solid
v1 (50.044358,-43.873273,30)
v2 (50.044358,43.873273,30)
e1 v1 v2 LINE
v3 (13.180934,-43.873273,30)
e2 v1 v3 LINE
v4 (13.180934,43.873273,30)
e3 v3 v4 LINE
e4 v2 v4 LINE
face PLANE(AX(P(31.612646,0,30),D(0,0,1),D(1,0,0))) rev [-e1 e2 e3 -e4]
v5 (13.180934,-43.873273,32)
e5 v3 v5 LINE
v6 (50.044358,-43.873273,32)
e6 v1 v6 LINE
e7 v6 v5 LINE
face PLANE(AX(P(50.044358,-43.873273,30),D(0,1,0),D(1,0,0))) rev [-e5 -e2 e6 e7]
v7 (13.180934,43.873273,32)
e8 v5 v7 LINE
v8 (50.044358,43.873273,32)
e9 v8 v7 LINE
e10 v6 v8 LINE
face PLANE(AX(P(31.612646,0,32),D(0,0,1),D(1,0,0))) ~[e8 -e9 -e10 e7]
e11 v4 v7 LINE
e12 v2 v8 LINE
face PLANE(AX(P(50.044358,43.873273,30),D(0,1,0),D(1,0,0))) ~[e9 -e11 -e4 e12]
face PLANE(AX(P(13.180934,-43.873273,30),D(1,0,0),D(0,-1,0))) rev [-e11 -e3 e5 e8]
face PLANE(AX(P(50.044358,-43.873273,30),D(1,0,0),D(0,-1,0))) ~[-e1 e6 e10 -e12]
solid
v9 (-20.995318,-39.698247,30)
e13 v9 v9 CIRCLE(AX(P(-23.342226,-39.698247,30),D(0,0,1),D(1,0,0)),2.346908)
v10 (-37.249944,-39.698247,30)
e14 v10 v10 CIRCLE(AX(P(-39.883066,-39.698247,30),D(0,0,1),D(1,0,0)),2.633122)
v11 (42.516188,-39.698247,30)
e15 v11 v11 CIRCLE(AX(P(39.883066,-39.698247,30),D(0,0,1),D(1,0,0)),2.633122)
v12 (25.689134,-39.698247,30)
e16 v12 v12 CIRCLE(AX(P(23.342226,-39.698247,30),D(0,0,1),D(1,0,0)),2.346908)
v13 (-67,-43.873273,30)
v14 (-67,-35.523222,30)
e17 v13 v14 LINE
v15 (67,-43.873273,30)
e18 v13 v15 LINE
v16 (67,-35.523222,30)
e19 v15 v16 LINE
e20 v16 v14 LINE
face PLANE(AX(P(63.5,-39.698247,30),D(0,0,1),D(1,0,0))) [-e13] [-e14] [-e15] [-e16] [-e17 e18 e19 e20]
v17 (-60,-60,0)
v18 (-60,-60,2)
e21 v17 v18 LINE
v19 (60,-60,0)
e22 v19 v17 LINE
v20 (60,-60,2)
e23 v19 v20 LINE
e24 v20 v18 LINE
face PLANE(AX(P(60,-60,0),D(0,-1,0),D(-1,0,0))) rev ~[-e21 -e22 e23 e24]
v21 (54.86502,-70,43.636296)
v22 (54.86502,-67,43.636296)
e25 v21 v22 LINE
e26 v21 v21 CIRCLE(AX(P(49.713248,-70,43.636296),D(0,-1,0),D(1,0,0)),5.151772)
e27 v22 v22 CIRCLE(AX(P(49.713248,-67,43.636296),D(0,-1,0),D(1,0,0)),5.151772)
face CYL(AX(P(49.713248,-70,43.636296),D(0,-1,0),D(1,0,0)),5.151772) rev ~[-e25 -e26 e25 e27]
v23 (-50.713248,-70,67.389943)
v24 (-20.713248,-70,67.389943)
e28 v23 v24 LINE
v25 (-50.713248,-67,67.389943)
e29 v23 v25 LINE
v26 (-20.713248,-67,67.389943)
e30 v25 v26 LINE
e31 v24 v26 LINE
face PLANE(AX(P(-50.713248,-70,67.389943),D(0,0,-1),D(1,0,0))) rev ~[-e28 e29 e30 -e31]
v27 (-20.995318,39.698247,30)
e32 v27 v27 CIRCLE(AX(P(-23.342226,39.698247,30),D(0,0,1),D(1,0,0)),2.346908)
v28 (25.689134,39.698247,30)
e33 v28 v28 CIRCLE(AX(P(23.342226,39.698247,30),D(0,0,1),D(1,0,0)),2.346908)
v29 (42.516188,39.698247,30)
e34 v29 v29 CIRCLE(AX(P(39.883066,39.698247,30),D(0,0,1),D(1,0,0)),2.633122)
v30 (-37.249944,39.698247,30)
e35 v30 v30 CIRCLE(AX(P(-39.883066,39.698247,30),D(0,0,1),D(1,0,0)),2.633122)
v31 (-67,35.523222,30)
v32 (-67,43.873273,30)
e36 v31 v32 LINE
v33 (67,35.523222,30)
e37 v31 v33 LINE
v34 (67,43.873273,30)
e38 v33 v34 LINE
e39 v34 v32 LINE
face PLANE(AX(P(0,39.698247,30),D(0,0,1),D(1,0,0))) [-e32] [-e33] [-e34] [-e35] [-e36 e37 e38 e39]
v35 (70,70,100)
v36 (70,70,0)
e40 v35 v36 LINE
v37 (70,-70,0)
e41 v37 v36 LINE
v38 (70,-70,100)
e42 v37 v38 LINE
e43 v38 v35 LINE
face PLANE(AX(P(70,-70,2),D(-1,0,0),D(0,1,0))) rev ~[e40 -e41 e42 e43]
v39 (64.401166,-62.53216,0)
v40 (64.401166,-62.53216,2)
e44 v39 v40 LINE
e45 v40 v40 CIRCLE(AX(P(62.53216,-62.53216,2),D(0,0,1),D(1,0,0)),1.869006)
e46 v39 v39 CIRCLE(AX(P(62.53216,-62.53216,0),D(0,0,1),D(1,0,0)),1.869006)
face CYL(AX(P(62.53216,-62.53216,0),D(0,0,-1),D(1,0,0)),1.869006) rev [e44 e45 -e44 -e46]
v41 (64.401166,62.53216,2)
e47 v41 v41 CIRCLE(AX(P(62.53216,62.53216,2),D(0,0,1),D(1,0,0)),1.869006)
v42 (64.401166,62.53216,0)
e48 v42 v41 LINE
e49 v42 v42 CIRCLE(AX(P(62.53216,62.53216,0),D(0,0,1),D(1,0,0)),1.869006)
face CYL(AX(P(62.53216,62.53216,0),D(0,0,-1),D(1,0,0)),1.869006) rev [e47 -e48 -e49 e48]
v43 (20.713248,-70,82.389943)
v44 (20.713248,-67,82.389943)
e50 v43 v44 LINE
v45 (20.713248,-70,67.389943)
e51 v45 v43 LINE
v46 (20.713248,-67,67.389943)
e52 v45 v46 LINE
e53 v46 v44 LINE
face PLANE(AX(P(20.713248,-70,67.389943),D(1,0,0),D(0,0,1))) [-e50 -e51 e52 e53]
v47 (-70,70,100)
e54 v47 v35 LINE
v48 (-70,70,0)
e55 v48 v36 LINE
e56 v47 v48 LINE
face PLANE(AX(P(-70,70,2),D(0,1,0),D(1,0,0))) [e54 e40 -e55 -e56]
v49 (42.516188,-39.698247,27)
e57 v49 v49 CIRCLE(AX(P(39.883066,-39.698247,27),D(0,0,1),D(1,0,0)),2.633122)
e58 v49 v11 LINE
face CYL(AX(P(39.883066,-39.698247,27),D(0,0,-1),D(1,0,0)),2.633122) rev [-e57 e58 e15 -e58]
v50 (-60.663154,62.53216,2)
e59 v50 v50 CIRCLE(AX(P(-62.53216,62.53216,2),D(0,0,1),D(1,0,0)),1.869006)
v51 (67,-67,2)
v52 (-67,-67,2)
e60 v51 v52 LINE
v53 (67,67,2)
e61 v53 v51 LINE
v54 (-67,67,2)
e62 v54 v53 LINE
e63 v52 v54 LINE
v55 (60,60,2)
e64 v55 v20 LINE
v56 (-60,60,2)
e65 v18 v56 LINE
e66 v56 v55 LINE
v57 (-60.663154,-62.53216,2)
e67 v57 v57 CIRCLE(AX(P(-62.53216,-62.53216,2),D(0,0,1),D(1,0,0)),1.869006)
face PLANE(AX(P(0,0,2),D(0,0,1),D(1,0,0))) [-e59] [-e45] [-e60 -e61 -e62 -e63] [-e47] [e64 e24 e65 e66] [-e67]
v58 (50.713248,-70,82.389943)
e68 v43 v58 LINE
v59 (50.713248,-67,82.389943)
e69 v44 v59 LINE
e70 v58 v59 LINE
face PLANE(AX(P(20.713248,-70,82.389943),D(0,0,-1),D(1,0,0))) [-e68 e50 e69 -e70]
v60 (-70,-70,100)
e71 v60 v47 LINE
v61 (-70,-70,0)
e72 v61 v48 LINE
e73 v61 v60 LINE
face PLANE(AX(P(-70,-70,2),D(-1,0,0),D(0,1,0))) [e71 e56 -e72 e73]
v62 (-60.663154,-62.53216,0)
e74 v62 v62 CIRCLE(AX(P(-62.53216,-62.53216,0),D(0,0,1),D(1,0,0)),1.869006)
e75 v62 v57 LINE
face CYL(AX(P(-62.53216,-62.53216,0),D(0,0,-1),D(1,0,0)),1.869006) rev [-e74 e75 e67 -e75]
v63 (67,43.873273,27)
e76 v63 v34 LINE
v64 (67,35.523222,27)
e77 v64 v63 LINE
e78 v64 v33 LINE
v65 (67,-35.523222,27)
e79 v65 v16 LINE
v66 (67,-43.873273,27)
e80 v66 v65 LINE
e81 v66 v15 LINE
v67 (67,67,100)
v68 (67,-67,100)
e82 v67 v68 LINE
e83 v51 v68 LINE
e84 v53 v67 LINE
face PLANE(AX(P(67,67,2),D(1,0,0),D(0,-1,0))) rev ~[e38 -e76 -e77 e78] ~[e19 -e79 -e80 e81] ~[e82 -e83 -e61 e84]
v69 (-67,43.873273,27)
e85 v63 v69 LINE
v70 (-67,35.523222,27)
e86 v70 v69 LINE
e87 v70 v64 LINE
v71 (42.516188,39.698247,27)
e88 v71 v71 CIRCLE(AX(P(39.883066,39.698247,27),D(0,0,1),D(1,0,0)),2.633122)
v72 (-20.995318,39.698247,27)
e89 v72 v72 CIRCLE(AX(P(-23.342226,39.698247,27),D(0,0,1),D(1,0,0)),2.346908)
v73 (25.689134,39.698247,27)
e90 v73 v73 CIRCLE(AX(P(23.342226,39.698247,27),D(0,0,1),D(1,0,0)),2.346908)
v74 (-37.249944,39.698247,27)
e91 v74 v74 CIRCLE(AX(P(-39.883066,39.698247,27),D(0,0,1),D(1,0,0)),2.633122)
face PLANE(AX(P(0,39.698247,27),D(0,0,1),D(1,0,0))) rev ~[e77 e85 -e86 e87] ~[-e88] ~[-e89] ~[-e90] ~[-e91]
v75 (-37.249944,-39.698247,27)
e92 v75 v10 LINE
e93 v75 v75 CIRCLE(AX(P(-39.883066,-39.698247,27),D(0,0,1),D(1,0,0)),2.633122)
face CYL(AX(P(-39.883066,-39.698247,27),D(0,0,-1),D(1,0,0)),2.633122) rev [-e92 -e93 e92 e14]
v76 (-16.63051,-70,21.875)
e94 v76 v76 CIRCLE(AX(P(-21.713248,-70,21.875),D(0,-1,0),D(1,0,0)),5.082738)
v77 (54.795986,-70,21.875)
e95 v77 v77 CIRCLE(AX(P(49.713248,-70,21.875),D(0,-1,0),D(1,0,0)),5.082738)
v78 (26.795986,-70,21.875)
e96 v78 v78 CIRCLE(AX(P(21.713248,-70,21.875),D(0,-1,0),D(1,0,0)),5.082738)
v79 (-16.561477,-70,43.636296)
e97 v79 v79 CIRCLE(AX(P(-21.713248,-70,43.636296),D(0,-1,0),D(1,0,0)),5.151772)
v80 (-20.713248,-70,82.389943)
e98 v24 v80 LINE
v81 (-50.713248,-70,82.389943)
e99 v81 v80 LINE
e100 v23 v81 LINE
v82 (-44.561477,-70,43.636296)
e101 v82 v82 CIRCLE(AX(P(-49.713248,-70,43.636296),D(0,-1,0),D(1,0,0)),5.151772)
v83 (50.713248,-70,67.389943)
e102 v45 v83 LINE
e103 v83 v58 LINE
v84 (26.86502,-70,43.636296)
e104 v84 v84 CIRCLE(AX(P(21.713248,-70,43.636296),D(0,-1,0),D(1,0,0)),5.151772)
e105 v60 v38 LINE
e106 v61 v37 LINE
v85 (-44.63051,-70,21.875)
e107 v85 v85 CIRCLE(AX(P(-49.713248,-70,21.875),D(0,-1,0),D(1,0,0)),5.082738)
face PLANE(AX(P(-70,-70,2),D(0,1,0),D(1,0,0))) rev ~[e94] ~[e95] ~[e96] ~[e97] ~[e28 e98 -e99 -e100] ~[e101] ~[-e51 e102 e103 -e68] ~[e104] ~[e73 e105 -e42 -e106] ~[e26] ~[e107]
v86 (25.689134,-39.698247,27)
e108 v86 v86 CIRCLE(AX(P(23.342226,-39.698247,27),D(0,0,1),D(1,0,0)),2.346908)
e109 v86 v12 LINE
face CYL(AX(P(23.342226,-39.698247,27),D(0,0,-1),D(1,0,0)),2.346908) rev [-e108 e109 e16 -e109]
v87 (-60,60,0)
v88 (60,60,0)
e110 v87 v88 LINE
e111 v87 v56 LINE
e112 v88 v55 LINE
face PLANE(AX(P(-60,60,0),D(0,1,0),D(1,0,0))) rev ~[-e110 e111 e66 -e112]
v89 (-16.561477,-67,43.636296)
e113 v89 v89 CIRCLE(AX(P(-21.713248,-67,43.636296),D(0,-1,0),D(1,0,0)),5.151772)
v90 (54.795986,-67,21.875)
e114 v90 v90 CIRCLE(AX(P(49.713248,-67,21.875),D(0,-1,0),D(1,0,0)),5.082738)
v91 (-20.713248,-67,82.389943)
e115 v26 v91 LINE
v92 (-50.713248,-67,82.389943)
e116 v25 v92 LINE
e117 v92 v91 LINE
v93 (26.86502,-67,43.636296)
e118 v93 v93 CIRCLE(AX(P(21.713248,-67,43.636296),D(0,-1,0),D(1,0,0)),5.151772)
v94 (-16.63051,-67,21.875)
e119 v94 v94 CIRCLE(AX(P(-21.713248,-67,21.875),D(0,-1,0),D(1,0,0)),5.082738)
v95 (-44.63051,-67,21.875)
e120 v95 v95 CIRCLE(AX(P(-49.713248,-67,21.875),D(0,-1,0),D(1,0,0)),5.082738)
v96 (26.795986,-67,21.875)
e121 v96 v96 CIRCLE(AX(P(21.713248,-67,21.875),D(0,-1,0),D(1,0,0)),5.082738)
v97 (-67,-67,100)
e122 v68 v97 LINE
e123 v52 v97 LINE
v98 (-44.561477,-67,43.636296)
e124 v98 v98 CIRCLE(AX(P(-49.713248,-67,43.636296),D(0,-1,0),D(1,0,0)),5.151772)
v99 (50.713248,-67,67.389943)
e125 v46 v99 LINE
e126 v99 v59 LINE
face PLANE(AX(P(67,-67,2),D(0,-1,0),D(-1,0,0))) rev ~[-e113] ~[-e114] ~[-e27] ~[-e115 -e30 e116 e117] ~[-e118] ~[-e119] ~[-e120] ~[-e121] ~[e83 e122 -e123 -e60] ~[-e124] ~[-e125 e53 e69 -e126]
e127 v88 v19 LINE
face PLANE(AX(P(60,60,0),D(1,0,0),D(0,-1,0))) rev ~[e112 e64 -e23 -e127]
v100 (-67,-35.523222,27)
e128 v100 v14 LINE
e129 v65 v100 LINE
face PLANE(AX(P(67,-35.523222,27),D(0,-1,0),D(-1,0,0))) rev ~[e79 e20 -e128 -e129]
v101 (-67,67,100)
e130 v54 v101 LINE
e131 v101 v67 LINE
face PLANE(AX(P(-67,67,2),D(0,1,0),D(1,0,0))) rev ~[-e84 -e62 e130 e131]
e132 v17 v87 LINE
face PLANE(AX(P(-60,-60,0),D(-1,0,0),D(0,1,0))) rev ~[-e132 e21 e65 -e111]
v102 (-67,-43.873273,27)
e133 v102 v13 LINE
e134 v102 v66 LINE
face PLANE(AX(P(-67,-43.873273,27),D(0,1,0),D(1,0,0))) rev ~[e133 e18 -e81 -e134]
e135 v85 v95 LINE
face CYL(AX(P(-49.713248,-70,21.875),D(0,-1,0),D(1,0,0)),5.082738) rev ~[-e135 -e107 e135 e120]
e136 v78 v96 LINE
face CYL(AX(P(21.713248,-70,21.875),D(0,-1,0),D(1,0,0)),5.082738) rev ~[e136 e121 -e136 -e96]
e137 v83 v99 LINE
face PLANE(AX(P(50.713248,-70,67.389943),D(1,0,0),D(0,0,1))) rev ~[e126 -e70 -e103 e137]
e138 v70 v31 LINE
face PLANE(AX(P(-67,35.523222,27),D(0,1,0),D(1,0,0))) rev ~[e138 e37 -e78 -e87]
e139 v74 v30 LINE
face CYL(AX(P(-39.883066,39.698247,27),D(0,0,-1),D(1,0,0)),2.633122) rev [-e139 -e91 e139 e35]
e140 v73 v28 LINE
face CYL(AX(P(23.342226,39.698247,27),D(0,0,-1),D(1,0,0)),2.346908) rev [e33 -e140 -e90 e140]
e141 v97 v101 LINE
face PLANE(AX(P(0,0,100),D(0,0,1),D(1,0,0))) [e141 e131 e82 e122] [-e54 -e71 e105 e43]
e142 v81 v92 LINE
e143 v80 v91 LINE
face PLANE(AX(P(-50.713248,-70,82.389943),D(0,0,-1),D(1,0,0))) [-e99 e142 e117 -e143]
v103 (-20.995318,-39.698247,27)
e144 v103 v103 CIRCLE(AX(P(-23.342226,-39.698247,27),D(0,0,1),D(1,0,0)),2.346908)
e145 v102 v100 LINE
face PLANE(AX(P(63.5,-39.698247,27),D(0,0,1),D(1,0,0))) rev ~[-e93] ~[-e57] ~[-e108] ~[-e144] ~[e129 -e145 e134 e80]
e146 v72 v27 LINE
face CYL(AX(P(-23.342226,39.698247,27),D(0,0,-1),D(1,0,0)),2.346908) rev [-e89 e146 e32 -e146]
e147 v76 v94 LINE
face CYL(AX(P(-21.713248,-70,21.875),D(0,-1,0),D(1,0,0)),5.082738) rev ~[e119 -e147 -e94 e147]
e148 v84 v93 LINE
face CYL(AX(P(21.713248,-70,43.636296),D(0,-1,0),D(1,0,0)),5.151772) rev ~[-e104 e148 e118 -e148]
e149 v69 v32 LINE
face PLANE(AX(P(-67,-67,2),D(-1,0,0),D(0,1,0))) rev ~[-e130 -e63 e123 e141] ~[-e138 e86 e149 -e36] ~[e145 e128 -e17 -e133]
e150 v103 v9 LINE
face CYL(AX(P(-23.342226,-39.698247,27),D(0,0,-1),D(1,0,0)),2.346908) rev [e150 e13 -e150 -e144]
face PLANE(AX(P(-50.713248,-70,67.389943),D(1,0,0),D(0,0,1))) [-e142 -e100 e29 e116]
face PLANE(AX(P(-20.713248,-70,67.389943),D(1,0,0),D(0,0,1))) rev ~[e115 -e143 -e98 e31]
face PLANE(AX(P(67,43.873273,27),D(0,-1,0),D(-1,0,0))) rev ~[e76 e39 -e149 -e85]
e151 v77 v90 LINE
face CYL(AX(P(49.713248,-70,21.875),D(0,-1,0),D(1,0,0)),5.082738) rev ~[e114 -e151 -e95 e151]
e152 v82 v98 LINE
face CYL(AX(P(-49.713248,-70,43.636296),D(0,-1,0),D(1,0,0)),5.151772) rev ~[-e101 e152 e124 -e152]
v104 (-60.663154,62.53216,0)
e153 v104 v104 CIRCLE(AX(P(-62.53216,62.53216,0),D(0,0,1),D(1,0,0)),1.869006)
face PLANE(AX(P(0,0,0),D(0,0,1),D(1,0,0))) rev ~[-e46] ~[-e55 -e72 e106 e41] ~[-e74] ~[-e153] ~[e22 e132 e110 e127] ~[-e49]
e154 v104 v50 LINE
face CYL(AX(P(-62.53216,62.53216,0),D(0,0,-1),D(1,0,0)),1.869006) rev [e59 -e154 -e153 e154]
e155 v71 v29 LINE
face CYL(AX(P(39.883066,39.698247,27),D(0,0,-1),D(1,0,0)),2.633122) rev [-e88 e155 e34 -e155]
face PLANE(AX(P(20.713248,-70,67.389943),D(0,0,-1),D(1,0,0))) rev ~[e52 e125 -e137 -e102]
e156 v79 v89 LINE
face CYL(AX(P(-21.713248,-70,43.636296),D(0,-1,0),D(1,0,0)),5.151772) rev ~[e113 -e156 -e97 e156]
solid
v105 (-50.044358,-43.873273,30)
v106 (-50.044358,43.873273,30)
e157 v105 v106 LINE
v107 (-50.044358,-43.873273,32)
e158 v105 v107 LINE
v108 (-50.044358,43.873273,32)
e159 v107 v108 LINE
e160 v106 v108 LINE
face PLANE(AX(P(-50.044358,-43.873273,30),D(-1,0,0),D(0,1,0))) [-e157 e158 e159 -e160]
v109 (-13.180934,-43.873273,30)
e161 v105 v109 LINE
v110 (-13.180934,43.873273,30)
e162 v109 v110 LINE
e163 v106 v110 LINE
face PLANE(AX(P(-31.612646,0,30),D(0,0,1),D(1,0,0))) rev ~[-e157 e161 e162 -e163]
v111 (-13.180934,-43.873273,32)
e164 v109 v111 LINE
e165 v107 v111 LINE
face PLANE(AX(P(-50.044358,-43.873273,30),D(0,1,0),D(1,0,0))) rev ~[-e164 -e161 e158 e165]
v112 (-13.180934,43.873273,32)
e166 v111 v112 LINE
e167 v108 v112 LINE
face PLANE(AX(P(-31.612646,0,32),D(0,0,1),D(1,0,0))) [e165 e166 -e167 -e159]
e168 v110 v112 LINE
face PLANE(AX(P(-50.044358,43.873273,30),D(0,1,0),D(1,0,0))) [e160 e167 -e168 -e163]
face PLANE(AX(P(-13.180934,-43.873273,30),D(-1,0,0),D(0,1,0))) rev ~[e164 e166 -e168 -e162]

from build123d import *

# Parameters (mm, degrees)
F0_W     = 140
F0_H     = 140
F0_R     = 1.8690060527
F0_W_2   = 7
F0_H_2   = 71.0464436561
F0_H_3   = 8.3500510082
F1_DEPTH = 2
F2_START = 2
F2_DEPTH = 98
F3_START = 27
F0_W_3   = 120
F0_R_2   = 2.6331216757
F0_R_3   = 2.3469079545
F3_DEPTH = 3
F4_W     = 30
F4_H     = 15
F4_R     = 5.151771656
F4_R_2   = 5.0827381366
F5_DEPTH = 3
F6_W     = 36.8634238839
F6_H     = 87.7465456724
F7_DEPTH = 2


with BuildPart() as f1:
    # F0 (on Top) → F1 (new body)
    with BuildSketch(Plane.XY):
        Rectangle(F0_W, F0_H)
        Polygon((67, 67), (67, 43.8732728362), (67, 35.523221828), (67, -35.523221828), (67, -43.8732728362), (67, -67), (-67, -67), (-67, -43.8732728362), (-67, -35.523221828), (-67, 35.523221828), (-67, 43.8732728362), (-67, 67), align=None, mode=Mode.SUBTRACT)
        Polygon((-60, 60), (60, 60), (60, 43.8732728362), (67, 43.8732728362), (67, 67), (-67, 67), (-67, 43.8732728362), (-60, 43.8732728362), align=None)
        with Locations((-62.5321604311, 62.5321604311)):
            Circle(F0_R, mode=Mode.SUBTRACT)
        with Locations((62.5321604311, 62.5321604311)):
            Circle(F0_R, mode=Mode.SUBTRACT)
        Polygon((67, -43.8732728362), (60, -43.8732728362), (60, -60), (-60, -60), (-60, -43.8732728362), (-67, -43.8732728362), (-67, -67), (67, -67), align=None)
        with Locations((-62.5321604311, -62.5321604311)):
            Circle(F0_R, mode=Mode.SUBTRACT)
        with Locations((62.5321604311, -62.5321604311)):
            Circle(F0_R, mode=Mode.SUBTRACT)
        with Locations((-63.5, 0)):
            Rectangle(F0_W_2, F0_H_2)
        with Locations((63.5, 0)):
            Rectangle(F0_W_2, F0_H_2)
        with Locations((-63.5, 39.6982473321)):
            Rectangle(F0_W_2, F0_H_3)
        with Locations((-63.5, -39.6982473321)):
            Rectangle(F0_W_2, F0_H_3)
        with Locations((63.5, -39.6982473321)):
            Rectangle(F0_W_2, F0_H_3)
        with Locations((63.5, 39.6982473321)):
            Rectangle(F0_W_2, F0_H_3)
    extrude(amount=F1_DEPTH)

    # F0 (on Top) → F2 (join)
    with BuildSketch(Plane.XY.offset(F2_START)):
        Rectangle(F0_W, F0_H)
        Polygon((67, 67), (67, 43.8732728362), (67, 35.523221828), (67, -35.523221828), (67, -43.8732728362), (67, -67), (-67, -67), (-67, -43.8732728362), (-67, -35.523221828), (-67, 35.523221828), (-67, 43.8732728362), (-67, 67), align=None, mode=Mode.SUBTRACT)
    extrude(amount=F2_DEPTH)

    # F0 (on Top) → F3 (join)
    with BuildSketch(Plane.XY.offset(F3_START)):
        with Locations((0, 39.6982473321)):
            Rectangle(F0_W_3, F0_H_3)
        with Locations((-39.8830659688, 39.6982473321)):
            Circle(F0_R_2, mode=Mode.SUBTRACT)
        with Locations((-23.3422257006, 39.6982473321)):
            Circle(F0_R_3, mode=Mode.SUBTRACT)
        with Locations((23.3422257006, 39.6982473321)):
            Circle(F0_R_3, mode=Mode.SUBTRACT)
        with Locations((39.8830659688, 39.6982473321)):
            Circle(F0_R_2, mode=Mode.SUBTRACT)
        with Locations((-63.5, 39.6982473321)):
            Rectangle(F0_W_2, F0_H_3)
        with Locations((63.5, 39.6982473321)):
            Rectangle(F0_W_2, F0_H_3)
        with Locations((63.5, -39.6982473321)):
            Rectangle(F0_W_2, F0_H_3)
        with Locations((0, -39.6982473321)):
            Rectangle(F0_W_3, F0_H_3)
        with Locations((-39.8830659688, -39.6982473321)):
            Circle(F0_R_2, mode=Mode.SUBTRACT)
        with Locations((-23.3422257006, -39.6982473321)):
            Circle(F0_R_3, mode=Mode.SUBTRACT)
        with Locations((23.3422257006, -39.6982473321)):
            Circle(F0_R_3, mode=Mode.SUBTRACT)
        with Locations((39.8830659688, -39.6982473321)):
            Circle(F0_R_2, mode=Mode.SUBTRACT)
        with Locations((-63.5, -39.6982473321)):
            Rectangle(F0_W_2, F0_H_3)
    extrude(amount=F3_DEPTH)

    # F4 (on face) → F5 (cut, through all)
    with BuildSketch(Plane.XZ.offset(70)):
        with Locations((-35.7132482901, 74.8899433017)):
            Rectangle(F4_W, F4_H)
        with Locations((35.7132482901, 74.8899433017)):
            Rectangle(F4_W, F4_H)
        with Locations((49.7132482901, 43.6362959445)):
            Circle(F4_R)
        with Locations((21.7132482901, 43.6362959445)):
            Circle(F4_R)
        with Locations((21.7132482901, 21.8749996275)):
            Circle(F4_R_2)
        with Locations((49.7132482901, 21.8749996275)):
            Circle(F4_R_2)
        with Locations((-21.7132482901, 43.6362959445)):
            Circle(F4_R)
        with Locations((-49.7132482901, 43.6362959445)):
            Circle(F4_R)
        with Locations((-49.7132482901, 21.8749996275)):
            Circle(F4_R_2)
        with Locations((-21.7132482901, 21.8749996275)):
            Circle(F4_R_2)
    extrude(amount=-F5_DEPTH, mode=Mode.SUBTRACT)


with BuildPart() as f7:
    # F6 (on face) → F7 (new body)
    with BuildSketch(Plane.XY.offset(30)):
        with Locations((-31.6126458347, 0)):
            Rectangle(F6_W, F6_H)
    extrude(amount=F7_DEPTH)


with BuildPart() as f8_1:
    # F8: instance of F7
    add(f7.part.mirror(Plane.YZ))


solid = Compound([f1.part, f7.part, f8_1.part])
